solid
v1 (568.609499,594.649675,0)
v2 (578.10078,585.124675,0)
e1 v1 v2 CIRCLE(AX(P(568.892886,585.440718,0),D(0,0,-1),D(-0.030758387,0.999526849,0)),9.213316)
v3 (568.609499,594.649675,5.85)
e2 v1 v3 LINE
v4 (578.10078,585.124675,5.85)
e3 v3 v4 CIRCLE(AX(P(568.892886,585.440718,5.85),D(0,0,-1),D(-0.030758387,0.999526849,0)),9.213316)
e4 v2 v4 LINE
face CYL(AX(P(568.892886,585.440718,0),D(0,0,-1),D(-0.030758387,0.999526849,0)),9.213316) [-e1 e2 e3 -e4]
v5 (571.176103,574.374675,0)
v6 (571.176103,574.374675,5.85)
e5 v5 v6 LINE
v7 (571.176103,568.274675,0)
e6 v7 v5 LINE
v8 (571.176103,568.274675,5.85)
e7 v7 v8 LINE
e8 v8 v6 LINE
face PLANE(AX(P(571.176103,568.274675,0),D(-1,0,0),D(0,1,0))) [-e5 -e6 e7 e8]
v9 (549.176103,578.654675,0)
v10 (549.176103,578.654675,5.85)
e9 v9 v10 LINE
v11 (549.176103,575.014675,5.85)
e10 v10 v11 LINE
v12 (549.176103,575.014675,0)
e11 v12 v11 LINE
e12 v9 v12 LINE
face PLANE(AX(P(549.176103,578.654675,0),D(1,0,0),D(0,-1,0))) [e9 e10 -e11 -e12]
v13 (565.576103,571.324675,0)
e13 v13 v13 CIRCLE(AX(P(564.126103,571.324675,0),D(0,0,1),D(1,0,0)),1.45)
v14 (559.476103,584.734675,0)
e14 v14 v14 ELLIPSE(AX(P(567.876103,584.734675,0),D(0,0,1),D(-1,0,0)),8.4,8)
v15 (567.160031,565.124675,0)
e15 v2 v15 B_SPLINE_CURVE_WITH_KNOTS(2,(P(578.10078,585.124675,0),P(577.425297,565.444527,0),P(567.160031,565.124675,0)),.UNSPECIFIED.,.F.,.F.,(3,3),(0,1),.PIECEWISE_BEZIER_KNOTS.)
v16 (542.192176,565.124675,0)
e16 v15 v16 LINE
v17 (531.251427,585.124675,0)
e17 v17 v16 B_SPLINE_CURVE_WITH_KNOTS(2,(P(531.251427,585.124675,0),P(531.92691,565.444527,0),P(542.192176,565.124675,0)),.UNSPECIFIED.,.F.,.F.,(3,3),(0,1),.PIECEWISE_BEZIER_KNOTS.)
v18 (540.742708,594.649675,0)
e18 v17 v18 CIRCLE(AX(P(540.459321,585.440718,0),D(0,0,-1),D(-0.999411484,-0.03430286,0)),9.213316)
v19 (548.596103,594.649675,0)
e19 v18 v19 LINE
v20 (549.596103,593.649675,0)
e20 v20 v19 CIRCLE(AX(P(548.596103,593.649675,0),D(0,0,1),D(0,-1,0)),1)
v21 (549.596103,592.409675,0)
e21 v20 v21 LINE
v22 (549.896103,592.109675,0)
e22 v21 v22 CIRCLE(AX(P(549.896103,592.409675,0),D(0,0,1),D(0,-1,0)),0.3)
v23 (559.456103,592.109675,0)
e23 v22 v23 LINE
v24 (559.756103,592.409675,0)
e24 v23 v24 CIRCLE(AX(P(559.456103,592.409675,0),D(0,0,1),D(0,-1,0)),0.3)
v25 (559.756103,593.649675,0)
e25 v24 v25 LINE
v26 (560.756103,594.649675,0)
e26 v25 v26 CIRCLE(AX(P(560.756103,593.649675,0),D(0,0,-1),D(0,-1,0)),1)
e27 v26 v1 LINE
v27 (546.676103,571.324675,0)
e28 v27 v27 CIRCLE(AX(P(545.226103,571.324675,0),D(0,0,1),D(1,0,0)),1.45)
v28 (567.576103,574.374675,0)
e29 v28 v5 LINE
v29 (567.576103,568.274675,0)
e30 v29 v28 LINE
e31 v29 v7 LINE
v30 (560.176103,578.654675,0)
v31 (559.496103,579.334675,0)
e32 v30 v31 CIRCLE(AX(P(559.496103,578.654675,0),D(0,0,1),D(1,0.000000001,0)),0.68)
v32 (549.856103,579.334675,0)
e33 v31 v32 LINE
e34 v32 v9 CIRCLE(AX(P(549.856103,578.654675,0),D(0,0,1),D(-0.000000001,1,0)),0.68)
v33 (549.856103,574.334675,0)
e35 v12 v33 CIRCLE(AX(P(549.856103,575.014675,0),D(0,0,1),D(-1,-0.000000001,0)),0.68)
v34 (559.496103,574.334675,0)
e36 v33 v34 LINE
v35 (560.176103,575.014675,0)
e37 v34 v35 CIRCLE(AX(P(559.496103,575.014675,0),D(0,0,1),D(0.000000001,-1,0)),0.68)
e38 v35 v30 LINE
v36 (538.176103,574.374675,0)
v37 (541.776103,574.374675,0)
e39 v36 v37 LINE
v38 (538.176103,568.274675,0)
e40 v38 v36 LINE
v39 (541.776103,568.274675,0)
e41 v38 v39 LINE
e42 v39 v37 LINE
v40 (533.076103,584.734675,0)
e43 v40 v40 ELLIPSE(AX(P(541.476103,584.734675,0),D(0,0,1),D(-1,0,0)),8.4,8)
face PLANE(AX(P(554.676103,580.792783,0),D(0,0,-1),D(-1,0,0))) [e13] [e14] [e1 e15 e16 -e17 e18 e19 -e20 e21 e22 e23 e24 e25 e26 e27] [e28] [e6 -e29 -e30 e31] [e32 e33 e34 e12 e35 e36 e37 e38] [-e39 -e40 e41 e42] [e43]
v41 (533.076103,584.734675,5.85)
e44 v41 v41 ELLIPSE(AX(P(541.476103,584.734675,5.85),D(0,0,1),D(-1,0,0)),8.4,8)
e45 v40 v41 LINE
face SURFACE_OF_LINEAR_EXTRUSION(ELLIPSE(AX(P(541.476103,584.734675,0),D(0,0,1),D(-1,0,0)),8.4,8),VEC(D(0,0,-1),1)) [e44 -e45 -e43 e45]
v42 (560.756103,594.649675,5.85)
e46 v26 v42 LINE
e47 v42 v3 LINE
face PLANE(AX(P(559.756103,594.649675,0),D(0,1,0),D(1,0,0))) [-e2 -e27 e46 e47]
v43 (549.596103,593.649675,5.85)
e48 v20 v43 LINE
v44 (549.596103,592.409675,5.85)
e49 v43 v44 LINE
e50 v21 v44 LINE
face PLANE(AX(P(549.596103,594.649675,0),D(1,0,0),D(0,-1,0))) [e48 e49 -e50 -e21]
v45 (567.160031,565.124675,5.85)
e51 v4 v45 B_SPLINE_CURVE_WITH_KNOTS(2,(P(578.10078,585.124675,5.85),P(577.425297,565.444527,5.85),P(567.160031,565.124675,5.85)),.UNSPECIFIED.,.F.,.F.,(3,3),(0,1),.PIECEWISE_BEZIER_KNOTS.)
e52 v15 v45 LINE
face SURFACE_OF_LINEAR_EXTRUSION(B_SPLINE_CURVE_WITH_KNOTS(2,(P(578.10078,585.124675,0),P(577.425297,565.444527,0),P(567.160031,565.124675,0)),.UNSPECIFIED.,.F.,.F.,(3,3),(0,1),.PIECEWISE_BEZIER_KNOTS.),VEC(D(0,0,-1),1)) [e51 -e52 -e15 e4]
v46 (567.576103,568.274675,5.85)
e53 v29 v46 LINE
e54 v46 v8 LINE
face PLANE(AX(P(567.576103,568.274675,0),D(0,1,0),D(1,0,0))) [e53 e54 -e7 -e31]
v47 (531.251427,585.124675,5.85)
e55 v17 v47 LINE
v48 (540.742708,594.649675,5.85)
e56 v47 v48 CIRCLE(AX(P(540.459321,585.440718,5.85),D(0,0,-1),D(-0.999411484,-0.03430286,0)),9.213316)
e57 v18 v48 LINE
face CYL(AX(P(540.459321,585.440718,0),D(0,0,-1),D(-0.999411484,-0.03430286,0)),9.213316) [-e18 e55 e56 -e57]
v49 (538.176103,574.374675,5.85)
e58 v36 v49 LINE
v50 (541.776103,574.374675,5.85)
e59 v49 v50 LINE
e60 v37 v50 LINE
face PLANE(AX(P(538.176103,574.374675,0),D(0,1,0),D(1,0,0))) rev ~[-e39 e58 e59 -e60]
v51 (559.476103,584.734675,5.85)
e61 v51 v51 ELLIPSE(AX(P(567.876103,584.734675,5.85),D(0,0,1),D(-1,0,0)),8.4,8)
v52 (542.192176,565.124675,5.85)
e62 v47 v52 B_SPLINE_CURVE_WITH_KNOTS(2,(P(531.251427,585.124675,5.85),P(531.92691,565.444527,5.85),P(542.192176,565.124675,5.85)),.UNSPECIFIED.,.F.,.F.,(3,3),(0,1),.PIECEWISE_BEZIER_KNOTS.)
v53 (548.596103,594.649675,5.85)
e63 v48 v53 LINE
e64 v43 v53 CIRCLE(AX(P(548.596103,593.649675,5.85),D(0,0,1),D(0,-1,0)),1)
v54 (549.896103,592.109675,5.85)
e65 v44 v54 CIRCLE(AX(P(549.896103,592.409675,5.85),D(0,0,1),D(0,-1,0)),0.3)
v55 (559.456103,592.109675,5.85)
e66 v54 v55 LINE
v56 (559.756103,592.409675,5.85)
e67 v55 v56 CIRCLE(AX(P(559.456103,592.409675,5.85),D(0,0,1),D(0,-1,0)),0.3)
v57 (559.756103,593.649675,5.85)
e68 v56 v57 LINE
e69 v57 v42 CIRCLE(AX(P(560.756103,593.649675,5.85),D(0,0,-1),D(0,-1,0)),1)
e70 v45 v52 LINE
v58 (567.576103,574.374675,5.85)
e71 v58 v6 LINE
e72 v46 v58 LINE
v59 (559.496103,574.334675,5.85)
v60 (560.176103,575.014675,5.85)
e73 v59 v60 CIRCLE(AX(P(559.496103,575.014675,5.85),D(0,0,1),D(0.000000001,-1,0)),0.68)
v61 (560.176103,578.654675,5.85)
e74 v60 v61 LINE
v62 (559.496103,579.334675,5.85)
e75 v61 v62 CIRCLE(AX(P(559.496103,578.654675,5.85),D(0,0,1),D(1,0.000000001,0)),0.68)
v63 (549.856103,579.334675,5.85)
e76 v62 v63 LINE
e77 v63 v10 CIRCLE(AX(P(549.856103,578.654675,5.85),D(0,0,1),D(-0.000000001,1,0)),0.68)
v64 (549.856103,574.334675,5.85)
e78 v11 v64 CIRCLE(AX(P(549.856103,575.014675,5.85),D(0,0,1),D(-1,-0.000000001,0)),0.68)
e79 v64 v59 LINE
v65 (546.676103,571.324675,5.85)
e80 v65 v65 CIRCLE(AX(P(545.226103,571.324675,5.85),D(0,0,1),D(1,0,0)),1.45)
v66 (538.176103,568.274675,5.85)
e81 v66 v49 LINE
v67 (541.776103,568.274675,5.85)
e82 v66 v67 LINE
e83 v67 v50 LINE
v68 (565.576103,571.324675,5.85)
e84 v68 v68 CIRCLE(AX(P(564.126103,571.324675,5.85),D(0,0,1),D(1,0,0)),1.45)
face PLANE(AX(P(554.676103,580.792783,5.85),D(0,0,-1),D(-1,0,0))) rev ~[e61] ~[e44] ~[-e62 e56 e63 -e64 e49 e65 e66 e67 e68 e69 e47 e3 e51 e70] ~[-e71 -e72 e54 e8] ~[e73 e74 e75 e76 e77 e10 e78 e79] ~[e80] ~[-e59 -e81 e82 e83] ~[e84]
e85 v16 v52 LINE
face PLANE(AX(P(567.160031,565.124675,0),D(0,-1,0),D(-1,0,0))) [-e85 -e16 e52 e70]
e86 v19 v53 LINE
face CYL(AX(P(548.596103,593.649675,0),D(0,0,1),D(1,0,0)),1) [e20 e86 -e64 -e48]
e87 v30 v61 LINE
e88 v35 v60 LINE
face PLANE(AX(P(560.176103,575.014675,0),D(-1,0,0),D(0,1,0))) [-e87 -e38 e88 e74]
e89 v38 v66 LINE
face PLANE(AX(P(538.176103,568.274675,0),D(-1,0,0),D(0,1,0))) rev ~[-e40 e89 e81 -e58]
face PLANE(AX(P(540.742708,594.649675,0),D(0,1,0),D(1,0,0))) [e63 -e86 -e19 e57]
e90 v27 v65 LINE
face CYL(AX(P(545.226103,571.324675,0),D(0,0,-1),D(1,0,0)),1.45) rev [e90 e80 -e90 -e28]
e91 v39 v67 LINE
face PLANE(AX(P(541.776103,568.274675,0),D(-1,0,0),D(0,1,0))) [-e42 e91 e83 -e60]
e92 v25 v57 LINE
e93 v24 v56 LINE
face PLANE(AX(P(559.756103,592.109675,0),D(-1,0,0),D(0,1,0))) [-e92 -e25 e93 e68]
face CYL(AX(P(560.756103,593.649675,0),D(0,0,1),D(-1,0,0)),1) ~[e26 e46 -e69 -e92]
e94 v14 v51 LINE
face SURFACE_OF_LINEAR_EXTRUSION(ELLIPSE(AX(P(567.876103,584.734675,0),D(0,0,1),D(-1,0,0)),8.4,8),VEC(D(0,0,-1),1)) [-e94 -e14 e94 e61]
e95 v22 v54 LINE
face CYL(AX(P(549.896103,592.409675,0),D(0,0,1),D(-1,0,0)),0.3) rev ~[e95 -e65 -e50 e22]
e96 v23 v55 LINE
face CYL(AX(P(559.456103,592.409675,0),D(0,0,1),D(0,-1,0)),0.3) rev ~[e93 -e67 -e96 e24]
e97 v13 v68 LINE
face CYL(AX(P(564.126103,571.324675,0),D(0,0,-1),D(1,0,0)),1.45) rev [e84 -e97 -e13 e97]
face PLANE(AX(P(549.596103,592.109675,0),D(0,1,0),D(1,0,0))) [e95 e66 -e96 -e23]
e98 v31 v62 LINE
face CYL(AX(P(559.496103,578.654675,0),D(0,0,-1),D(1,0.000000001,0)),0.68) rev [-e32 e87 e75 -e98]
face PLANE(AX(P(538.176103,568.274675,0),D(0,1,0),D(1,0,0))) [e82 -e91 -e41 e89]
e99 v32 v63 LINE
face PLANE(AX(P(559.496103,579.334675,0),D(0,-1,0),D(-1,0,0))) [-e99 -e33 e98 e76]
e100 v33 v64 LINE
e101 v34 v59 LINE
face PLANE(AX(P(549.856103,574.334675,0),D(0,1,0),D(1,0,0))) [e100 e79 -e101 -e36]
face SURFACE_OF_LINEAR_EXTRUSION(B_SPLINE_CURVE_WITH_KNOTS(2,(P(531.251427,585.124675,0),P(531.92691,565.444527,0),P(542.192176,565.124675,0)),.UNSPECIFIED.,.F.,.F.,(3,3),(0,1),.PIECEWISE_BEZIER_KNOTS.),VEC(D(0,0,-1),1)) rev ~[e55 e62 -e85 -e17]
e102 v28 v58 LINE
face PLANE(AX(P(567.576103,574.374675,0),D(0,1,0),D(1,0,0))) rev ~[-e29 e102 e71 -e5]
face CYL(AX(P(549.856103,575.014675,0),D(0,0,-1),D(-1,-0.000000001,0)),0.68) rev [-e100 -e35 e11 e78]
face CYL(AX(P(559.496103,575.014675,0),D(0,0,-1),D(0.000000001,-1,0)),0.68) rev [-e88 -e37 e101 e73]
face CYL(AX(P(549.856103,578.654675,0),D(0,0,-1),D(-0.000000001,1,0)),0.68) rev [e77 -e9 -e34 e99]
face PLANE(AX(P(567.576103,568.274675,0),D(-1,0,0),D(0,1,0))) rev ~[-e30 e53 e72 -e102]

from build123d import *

# Parameters (mm, degrees)
MODEL_R             = 1.45
MODEL_RX            = 8.4
MODEL_RY            = 8
MODEL_W             = 3.6
MODEL_H             = 6.1
BOSS_EXTRUDE1_DEPTH = 5.85
FILLET1_R           = 0.3
FILLET2_R           = 1


with BuildPart() as part:
    # Model → Boss-Extrude1 (new body)
    with BuildSketch(Plane.XY):
        with BuildLine():
            Line((540.7427075, 594.649674665), (549.596103149, 594.649674665))
            Line((549.596103149, 594.649674665), (549.596103149, 592.109674665))
            Line((549.596103149, 592.109674665), (559.756103149, 592.109674665))
            Line((559.756103149, 592.109674665), (559.756103149, 594.649674665))
            Line((559.756103149, 594.649674665), (568.609498798, 594.649674665))
            ThreePointArc((568.609498798, 594.649674665), (575.419225536, 591.943953999), (578.10077955, 585.124674665))
            add(Edge.make_bspline(
                [(578.10077955, 585.124674665), (577.425296665, 565.444526899), (567.160030567, 565.124674665)],
                knots=[0, 0, 0, 1, 1, 1], degree=2))
            Line((567.160030567, 565.124674665), (542.192175731, 565.124674665))
            add(Edge.make_bspline(
                [(531.251426748, 585.124674665), (531.926909632, 565.444526899), (542.192175731, 565.124674665)],
                knots=[0, 0, 0, 1, 1, 1], degree=2))
            ThreePointArc((531.251426748, 585.124674665), (533.932980762, 591.943953999), (540.7427075, 594.649674665))
        make_face()
        with Locations((545.226103149, 571.324674665)):
            Circle(MODEL_R, mode=Mode.SUBTRACT)
        with Locations((564.126103149, 571.324674665)):
            Circle(MODEL_R, mode=Mode.SUBTRACT)
        with Locations(Location((541.476103149, 584.734674665), (0, 0, 180))):
            Ellipse(MODEL_RX, MODEL_RY, mode=Mode.SUBTRACT)
        with Locations(Location((567.876103149, 584.734674665), (0, 0, -180))):
            Ellipse(MODEL_RX, MODEL_RY, mode=Mode.SUBTRACT)
        with BuildLine():
            Line((549.856103149, 574.334674665), (554.676103149, 574.334674665))
            Line((554.676103149, 574.334674665), (559.496103149, 574.334674665))
            ThreePointArc((559.496103149, 574.334674665), (559.97693576, 574.533842054), (560.176103149, 575.014674665))
            Line((560.176103149, 575.014674665), (560.176103149, 578.654674665))
            ThreePointArc((560.176103149, 578.654674665), (559.97693576, 579.135507276), (559.496103149, 579.334674665))
            Line((559.496103149, 579.334674665), (554.676103149, 579.334674665))
            Line((554.676103149, 579.334674665), (549.856103149, 579.334674665))
            ThreePointArc((549.856103149, 579.334674665), (549.375270538, 579.135507276), (549.176103149, 578.654674665))
            Line((549.176103149, 578.654674665), (549.176103149, 575.014674665))
            ThreePointArc((549.176103149, 575.014674665), (549.375270538, 574.533842054), (549.856103149, 574.334674665))
        make_face(mode=Mode.SUBTRACT)
        with Locations((569.376103149, 571.324674665)):
            Rectangle(MODEL_W, MODEL_H, mode=Mode.SUBTRACT)
        with Locations((539.976103149, 571.324674665)):
            Rectangle(MODEL_W, MODEL_H, mode=Mode.SUBTRACT)
    extrude(amount=BOSS_EXTRUDE1_DEPTH)

    # Fillet1
    fillet1_edges = [part.edges().sort_by_distance(p)[0] for p in [
        (549.596103149, 592.109674665, 2.925),
        (559.756103149, 592.109674665, 2.925),
    ]]
    fillet(fillet1_edges, radius=FILLET1_R)

    # Fillet2
    fillet2_edges = [part.edges().sort_by_distance(p)[0] for p in [
        (549.596103149, 594.649674665, 2.925),
        (559.756103149, 594.649674665, 2.925),
    ]]
    fillet(fillet2_edges, radius=FILLET2_R)


solid = part.part
